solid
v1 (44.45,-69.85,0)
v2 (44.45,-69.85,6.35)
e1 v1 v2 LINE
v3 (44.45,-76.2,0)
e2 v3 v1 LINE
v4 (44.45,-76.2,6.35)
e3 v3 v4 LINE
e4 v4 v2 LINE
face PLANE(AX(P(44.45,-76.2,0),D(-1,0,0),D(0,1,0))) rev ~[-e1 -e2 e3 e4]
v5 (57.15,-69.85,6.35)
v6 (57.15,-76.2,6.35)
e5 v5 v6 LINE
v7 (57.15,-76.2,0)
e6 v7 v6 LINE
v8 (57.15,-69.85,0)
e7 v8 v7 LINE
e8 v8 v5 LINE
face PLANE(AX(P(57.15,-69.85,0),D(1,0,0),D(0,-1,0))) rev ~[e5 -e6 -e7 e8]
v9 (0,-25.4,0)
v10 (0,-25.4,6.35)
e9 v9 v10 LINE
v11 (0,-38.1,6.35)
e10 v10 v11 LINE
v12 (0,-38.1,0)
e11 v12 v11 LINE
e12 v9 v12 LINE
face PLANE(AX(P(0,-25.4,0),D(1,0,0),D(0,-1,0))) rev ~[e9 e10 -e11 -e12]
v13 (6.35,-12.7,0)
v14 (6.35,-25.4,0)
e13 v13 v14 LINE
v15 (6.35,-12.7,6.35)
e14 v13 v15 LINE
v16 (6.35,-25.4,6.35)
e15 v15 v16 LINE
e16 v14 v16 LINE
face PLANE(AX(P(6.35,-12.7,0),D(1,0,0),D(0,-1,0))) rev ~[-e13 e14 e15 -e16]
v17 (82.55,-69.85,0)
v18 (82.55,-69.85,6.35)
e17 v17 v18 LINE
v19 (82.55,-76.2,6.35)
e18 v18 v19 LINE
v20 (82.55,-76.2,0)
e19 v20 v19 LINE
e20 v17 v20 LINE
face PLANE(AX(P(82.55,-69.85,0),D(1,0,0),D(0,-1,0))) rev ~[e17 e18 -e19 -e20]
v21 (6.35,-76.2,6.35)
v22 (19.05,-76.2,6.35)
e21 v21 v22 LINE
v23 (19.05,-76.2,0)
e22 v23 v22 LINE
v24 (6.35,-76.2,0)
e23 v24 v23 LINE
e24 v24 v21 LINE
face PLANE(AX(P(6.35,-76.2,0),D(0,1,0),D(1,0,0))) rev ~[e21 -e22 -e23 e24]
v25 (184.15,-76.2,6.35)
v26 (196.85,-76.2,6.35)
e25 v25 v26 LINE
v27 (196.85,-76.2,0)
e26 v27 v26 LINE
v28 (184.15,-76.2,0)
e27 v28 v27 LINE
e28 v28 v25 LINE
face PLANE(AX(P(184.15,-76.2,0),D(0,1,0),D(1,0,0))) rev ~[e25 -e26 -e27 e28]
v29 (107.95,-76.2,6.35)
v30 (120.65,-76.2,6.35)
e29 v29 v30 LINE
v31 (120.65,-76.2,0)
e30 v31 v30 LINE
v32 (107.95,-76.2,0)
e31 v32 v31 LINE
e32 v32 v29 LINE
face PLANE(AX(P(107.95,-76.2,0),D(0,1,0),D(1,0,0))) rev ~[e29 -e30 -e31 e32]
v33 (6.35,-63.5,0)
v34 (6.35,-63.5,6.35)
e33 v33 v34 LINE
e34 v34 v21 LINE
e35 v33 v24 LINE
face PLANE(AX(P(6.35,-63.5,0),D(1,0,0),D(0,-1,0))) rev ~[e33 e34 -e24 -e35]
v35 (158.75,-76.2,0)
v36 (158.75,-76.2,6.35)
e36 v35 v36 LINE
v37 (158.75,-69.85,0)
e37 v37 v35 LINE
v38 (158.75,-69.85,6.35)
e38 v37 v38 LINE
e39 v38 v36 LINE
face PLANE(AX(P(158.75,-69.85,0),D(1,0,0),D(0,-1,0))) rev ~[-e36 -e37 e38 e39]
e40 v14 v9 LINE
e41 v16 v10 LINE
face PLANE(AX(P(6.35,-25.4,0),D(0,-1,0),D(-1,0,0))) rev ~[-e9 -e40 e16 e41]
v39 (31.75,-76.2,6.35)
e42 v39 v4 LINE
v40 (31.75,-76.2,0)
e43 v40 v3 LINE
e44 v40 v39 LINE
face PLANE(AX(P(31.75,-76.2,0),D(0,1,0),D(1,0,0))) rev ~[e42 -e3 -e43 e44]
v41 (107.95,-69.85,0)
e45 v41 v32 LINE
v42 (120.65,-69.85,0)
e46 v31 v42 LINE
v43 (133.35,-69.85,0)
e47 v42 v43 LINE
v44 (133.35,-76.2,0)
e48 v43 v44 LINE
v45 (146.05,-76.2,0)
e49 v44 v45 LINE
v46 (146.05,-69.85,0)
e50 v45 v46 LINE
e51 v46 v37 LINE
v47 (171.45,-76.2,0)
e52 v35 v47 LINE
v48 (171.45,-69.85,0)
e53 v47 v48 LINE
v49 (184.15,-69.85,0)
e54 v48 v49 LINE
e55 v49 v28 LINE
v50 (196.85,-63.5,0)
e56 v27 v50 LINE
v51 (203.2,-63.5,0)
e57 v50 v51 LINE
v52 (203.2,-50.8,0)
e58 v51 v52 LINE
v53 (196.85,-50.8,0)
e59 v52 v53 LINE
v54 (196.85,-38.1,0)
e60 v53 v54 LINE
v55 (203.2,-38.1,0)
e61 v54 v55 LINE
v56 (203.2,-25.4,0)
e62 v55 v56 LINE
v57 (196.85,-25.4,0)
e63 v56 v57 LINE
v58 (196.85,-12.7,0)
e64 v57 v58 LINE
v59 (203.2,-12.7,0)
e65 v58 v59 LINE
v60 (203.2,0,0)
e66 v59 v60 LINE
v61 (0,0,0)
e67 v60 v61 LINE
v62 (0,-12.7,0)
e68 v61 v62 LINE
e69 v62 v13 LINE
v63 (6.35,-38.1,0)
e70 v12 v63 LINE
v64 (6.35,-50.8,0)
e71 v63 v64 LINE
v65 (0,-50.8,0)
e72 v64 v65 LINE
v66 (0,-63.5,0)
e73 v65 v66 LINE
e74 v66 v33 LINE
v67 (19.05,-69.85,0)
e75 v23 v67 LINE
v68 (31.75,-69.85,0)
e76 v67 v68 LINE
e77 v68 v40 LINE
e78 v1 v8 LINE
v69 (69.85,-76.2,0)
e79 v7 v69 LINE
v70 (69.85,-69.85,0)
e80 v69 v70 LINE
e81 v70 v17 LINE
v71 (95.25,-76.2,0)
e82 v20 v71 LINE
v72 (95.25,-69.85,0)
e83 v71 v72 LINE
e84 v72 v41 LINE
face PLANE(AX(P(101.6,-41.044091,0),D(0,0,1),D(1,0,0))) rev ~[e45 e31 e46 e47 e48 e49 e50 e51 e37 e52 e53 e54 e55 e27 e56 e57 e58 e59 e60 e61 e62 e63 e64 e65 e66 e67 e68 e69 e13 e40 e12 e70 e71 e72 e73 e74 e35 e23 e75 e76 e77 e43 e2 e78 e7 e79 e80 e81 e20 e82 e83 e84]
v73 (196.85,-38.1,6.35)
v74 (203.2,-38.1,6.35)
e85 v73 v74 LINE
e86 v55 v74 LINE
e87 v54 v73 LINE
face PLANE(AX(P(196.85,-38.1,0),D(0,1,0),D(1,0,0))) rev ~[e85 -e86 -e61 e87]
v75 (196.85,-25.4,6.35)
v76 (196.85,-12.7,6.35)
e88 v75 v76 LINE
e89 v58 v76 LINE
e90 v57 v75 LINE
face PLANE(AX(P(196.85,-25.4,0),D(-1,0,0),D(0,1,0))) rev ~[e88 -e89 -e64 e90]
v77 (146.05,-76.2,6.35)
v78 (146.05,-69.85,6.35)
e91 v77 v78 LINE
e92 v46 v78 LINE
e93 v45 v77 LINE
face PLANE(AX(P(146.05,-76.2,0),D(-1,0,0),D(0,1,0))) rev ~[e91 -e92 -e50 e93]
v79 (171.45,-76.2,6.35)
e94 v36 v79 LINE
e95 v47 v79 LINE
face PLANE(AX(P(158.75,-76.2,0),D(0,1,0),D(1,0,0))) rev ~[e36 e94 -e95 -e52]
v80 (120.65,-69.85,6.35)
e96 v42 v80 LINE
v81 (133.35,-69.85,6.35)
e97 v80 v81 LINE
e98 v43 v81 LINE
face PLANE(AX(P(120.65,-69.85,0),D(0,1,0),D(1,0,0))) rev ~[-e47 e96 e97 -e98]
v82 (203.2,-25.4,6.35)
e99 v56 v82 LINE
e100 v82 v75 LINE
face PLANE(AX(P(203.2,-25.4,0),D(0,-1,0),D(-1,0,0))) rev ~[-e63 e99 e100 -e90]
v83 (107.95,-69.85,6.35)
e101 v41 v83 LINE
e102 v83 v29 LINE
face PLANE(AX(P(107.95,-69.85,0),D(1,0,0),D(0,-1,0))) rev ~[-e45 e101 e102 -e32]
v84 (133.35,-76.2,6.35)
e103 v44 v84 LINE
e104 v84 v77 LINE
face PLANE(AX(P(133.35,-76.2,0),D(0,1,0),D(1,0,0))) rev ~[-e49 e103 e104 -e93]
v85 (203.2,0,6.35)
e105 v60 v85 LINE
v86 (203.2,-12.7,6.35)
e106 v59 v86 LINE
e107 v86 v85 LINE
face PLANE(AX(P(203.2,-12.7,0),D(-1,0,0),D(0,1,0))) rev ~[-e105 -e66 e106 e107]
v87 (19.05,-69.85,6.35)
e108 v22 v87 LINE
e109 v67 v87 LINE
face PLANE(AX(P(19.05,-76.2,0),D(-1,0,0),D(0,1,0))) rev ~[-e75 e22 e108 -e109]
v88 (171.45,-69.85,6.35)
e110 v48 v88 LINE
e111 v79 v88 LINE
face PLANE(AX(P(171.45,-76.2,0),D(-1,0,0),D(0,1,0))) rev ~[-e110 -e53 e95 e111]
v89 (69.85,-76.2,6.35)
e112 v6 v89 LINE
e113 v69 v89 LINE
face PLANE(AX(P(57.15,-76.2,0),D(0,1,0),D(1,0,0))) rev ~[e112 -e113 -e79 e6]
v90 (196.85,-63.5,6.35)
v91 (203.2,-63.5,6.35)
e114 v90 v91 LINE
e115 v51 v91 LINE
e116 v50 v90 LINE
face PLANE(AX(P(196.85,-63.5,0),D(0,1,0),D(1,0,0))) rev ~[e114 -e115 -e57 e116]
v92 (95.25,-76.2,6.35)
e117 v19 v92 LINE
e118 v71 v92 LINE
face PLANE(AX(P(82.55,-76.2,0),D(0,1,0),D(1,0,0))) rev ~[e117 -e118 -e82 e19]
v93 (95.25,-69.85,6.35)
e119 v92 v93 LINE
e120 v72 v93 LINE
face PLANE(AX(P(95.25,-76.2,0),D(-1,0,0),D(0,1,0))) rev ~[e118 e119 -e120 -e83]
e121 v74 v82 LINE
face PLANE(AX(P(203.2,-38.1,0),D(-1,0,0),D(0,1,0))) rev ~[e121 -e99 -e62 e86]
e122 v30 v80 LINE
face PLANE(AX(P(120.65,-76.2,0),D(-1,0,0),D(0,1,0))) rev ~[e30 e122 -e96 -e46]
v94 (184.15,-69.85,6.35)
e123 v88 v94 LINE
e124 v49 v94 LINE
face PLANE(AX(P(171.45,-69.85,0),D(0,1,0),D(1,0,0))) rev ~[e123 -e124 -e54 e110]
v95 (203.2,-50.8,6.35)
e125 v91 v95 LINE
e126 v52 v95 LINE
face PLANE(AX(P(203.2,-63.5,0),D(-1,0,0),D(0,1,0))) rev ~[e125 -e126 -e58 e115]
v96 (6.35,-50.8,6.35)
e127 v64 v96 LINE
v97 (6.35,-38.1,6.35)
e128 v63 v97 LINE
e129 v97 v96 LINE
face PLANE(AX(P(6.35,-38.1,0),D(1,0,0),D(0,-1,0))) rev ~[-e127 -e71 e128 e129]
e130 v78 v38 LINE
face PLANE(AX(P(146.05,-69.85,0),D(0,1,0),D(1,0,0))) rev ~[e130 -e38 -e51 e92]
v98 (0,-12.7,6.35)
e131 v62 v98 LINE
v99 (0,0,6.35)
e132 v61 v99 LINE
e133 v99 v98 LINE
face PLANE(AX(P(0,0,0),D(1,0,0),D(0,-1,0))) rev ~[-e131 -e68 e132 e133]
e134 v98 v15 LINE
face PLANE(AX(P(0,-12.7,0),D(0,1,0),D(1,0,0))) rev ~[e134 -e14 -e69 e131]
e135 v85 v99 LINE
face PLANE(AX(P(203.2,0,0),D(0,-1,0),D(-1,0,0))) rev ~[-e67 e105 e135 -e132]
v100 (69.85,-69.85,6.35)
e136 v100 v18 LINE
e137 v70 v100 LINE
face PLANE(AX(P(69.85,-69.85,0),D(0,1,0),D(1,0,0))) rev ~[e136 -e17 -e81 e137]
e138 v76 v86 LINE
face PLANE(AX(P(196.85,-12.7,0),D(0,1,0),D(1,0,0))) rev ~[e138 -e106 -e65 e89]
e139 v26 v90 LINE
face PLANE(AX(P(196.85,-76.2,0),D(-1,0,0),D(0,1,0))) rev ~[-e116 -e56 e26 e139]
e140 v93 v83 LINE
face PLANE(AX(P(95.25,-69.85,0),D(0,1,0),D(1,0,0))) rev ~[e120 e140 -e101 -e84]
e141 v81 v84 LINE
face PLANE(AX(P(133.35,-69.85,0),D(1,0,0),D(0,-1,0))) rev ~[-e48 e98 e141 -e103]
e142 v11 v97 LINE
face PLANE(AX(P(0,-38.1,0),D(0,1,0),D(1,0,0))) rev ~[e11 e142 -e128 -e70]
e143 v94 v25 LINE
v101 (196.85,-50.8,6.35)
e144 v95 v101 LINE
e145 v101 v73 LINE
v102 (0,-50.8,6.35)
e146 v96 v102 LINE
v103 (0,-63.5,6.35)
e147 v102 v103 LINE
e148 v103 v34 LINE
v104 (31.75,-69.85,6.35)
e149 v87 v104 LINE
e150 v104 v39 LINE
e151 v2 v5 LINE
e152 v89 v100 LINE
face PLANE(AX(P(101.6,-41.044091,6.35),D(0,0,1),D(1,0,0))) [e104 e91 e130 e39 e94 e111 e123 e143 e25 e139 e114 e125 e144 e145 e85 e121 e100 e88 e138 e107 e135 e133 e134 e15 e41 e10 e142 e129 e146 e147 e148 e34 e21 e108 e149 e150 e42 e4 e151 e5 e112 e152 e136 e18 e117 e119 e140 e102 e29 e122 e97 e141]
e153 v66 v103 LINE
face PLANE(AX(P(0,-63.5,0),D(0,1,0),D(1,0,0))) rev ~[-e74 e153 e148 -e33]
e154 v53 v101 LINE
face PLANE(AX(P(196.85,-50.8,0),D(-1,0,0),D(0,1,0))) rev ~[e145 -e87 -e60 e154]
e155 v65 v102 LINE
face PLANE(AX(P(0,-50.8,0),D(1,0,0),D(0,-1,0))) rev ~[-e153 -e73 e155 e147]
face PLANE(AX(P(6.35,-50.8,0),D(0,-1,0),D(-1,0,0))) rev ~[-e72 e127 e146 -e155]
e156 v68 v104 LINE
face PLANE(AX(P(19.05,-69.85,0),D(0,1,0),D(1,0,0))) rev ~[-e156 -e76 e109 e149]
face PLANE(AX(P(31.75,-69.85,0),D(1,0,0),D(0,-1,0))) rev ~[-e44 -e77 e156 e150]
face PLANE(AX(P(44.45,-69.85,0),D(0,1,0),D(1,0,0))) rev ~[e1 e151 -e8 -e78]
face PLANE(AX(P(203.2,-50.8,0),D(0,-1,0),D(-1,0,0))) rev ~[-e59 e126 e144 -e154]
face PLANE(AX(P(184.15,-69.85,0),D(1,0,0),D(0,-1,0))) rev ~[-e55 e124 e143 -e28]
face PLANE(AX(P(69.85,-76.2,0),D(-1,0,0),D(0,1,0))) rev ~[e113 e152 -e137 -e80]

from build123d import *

# Parameters (mm, degrees)
F1_DEPTH = 6.35


with BuildPart() as f1:
    # F0 (on Top) → F1 (new body)
    with BuildSketch(Plane.XY):
        Polygon((203.2, 0), (0, 0), (0, -12.7), (6.35, -12.7), (6.35, -25.4), (0, -25.4), (0, -38.1), (6.35, -38.1), (6.35, -50.8), (0, -50.8), (0, -63.5), (6.35, -63.5), (6.35, -76.2), (19.05, -76.2), (19.05, -69.85), (31.75, -69.85), (31.75, -76.2), (44.45, -76.2), (44.45, -69.85), (57.15, -69.85), (57.15, -76.2), (69.85, -76.2), (69.85, -69.85), (82.55, -69.85), (82.55, -76.2), (95.25, -76.2), (95.25, -69.85), (107.95, -69.85), (107.95, -76.2), (120.65, -76.2), (120.65, -69.85), (133.35, -69.85), (133.35, -76.2), (146.05, -76.2), (146.05, -69.85), (158.75, -69.85), (158.75, -76.2), (171.45, -76.2), (171.45, -69.85), (184.15, -69.85), (184.15, -76.2), (196.85, -76.2), (196.85, -63.5), (203.2, -63.5), (203.2, -50.8), (196.85, -50.8), (196.85, -38.1), (203.2, -38.1), (203.2, -25.4), (196.85, -25.4), (196.85, -12.7), (203.2, -12.7), align=None)
    extrude(amount=F1_DEPTH)


solid = f1.part
